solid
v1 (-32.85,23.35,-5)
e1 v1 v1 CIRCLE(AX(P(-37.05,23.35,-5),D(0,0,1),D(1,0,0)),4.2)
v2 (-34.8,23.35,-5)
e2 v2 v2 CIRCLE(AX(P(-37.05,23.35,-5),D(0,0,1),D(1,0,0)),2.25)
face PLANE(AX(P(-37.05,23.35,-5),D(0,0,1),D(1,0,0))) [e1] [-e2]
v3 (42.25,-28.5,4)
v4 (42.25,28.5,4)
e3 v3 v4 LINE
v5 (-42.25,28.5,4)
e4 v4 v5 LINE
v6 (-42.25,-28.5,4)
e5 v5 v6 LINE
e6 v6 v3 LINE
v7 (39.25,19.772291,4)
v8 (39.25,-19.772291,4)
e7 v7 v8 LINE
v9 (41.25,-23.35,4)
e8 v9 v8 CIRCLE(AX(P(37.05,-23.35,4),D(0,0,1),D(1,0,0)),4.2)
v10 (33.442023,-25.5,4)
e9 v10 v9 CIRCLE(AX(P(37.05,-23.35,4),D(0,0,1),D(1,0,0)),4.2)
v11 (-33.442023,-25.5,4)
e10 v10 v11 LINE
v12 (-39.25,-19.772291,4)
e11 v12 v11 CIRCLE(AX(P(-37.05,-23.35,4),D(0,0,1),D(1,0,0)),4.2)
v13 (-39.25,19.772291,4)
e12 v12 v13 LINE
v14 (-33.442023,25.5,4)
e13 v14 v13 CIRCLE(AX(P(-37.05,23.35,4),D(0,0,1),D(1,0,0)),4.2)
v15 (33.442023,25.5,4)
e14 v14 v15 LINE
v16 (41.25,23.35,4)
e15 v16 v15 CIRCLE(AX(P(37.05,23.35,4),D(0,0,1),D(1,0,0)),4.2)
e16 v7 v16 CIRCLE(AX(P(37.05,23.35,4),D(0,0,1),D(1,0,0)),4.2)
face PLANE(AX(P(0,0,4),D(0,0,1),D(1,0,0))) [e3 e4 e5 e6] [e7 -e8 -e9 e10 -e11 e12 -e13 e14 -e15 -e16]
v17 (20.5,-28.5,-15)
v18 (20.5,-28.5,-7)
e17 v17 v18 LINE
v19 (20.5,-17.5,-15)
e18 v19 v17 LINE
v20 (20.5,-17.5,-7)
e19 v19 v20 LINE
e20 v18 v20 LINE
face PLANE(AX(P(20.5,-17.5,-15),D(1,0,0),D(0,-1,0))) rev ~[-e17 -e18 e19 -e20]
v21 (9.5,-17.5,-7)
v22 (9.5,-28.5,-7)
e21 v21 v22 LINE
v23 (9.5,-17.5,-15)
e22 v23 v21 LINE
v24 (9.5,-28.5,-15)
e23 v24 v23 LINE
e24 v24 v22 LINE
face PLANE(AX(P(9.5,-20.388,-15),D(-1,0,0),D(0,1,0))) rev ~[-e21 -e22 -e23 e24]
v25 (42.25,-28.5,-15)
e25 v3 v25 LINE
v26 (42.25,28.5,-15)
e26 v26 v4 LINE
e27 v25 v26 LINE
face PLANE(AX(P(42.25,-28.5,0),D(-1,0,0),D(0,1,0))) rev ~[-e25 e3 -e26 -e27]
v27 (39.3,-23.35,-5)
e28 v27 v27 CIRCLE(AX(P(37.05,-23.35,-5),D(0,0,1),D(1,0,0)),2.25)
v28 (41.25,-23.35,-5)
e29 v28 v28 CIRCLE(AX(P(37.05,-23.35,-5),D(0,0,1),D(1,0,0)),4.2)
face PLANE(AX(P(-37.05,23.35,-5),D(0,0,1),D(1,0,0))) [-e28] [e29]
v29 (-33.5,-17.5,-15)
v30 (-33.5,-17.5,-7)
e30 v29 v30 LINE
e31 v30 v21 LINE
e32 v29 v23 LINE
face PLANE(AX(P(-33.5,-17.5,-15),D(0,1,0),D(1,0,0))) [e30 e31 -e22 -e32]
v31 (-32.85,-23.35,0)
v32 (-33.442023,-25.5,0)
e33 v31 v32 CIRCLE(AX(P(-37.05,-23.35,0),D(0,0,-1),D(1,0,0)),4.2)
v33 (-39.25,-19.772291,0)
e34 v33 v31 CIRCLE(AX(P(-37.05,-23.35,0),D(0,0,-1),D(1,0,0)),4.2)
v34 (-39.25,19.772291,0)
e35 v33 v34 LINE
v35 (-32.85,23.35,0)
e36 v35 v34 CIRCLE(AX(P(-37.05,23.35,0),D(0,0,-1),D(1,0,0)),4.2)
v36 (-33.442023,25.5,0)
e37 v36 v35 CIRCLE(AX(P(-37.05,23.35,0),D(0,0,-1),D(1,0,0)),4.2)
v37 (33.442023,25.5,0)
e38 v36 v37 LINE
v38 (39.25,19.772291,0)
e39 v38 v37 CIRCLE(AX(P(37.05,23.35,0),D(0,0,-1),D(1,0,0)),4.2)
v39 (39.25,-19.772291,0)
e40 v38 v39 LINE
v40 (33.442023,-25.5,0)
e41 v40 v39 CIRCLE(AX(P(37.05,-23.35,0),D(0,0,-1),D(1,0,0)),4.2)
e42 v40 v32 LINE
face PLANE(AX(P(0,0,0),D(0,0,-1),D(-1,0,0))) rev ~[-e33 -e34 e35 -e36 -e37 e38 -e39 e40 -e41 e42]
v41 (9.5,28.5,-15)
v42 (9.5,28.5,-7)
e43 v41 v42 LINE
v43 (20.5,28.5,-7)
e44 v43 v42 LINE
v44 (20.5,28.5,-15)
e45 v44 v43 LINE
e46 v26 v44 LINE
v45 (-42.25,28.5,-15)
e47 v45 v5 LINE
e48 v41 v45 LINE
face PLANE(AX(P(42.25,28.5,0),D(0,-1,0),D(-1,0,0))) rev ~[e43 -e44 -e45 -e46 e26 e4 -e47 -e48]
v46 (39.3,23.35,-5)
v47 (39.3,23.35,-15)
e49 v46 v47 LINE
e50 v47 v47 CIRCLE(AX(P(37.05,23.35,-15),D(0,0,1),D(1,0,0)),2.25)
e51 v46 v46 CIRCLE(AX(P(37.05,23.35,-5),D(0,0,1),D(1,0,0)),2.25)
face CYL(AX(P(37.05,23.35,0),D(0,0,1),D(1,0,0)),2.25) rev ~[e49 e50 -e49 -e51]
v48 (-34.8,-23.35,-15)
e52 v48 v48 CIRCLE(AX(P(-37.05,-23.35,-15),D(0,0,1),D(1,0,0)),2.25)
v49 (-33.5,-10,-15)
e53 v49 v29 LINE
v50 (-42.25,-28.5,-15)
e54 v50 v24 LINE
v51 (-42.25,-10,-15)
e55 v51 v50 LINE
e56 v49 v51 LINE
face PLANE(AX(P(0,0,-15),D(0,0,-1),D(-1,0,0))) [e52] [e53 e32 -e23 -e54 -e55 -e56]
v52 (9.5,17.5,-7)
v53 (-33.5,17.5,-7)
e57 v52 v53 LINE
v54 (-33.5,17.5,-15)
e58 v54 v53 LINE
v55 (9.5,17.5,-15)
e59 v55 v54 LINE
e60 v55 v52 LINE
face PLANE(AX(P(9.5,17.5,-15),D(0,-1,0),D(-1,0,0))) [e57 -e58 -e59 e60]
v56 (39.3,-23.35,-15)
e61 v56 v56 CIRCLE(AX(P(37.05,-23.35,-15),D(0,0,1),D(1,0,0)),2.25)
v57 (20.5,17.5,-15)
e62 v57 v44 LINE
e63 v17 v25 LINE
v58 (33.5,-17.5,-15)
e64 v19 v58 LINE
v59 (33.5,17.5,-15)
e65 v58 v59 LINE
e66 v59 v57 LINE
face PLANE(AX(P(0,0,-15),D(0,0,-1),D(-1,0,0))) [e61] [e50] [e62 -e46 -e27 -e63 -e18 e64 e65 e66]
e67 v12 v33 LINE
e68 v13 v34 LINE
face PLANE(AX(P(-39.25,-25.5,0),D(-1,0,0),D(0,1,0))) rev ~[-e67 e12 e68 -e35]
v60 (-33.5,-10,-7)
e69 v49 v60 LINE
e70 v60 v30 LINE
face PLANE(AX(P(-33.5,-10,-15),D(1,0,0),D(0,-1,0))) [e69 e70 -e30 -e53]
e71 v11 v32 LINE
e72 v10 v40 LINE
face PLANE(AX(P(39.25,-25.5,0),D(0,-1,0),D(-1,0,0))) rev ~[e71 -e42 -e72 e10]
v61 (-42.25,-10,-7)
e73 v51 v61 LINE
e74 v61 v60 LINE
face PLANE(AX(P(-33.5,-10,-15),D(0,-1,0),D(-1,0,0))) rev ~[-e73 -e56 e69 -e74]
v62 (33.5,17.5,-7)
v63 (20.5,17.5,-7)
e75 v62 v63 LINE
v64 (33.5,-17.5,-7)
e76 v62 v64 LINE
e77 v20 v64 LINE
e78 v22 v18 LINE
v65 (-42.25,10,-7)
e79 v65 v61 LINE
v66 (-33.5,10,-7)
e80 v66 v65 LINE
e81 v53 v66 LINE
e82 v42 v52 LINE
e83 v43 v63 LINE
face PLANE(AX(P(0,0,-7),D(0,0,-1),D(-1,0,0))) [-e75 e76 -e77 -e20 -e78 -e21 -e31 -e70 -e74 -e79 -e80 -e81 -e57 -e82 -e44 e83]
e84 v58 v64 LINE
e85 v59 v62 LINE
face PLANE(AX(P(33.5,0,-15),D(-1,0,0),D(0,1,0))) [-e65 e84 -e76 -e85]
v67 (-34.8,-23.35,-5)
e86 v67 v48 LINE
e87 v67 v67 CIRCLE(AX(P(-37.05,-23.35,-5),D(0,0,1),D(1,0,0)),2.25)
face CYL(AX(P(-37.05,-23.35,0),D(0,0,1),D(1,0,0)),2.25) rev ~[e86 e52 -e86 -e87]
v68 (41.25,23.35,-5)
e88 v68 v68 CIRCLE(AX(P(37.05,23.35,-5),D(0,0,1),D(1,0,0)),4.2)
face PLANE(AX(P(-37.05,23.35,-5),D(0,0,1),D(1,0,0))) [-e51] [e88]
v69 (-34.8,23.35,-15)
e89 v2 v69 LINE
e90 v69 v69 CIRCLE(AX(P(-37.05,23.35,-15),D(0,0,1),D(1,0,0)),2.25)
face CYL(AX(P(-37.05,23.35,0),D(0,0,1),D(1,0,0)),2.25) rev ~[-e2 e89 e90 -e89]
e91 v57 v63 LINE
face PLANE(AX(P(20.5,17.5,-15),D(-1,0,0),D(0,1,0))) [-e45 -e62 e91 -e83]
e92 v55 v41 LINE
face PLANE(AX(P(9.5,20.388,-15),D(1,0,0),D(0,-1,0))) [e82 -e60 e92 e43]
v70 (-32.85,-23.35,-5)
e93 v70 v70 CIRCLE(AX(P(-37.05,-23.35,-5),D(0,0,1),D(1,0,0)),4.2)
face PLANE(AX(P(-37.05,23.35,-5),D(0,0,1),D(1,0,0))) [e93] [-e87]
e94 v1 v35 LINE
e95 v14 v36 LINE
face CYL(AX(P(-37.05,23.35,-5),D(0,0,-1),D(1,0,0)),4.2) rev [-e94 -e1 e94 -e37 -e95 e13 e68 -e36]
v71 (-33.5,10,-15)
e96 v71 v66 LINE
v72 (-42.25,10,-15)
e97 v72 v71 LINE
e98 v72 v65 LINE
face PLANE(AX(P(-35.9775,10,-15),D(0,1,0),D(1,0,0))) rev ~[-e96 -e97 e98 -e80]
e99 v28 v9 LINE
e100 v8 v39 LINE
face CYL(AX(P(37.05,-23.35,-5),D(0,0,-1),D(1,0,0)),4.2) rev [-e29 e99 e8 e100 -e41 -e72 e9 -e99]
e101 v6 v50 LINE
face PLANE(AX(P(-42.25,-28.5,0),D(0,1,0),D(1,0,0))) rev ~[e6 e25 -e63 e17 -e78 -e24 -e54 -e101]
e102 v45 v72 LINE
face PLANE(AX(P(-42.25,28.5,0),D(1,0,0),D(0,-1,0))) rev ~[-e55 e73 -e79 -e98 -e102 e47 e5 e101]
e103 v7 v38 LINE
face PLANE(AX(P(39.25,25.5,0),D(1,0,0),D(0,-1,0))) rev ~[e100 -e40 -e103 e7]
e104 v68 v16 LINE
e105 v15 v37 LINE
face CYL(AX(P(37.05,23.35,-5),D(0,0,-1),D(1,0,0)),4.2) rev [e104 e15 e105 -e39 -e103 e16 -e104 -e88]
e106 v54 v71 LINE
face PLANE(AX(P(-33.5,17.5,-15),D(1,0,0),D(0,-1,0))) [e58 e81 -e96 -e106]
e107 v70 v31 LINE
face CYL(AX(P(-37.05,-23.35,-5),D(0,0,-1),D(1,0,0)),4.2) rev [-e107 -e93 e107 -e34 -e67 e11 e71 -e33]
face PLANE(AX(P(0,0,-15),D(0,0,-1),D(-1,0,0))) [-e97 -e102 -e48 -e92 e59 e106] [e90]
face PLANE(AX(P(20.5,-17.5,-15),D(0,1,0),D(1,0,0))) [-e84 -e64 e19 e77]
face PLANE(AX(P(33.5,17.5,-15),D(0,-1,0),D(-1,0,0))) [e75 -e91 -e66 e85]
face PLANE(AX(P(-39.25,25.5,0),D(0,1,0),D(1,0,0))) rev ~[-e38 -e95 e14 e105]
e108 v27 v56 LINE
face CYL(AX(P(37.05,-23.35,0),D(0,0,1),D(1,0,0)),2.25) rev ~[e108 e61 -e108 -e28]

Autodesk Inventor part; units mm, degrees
ref_plane "YZ Plane" through (0, 0, 0) normal (1, 0, 0) x (0, 1, 0)
ref_plane "XZ Plane" through (0, 0, 0) normal (0, 1, 0) x (-1, 0, 0)
ref_plane "XY Plane" through (0, 0, 0) normal (0, 0, 1) x (1, 0, 0)
sketch "Boceto1" plane through (0, 0, 0) normal (0, 0, 1) x (1, 0, 0)
  line L0 (-39.25, 25.5) -> (39.25, 25.5)
  line L1 (39.25, 25.5) -> (39.25, -25.5)
  line L2 (39.25, -25.5) -> (-39.25, -25.5)
  line L3 (-39.25, -25.5) -> (-39.25, 25.5)
  line L4 (-39.25, 25.5) -> (39.25, -25.5) construction
  line L5 (39.25, 25.5) -> (-39.25, -25.5) construction
  line L6 (42.25, 28.5) -> (-42.25, 28.5)
  line L7 (-42.25, 28.5) -> (-42.25, -28.5)
  line L8 (-42.25, -28.5) -> (42.25, -28.5)
  line L9 (42.25, -28.5) -> (42.25, 28.5)
  point P0 (0, 0)
  dimension "d0" = 51
  dimension "d1" = 78.5
  dimension "d2" = 3
extrude "Extrusión1" add sketch "Boceto1" along normal blind 4
sketch "Boceto2" plane through (0, 0, 0) normal (0, 0, -1) x (-1, 0, 0)
  line L0 (-42.25, 28.5) -> (42.25, 28.5) projected
  line L1 (42.25, -28.5) -> (-42.25, -28.5) projected
  line L2 (-42.25, 28.5) -> (42.25, 28.5)
  line L3 (42.25, 28.5) -> (42.25, -28.5)
  line L4 (42.25, -28.5) -> (-42.25, -28.5)
  line L5 (-42.25, -28.5) -> (-42.25, 28.5)
  point P0 (0, 0)
  point P1 (-42.25, -28.5)
extrude "Extrusión2" add sketch "Boceto2" along normal blind 15
sketch "Boceto3" plane through (0, 0, -15) normal (0, 0, -1) x (-1, 0, 0)
  line L0 (-33.5, 17.5) -> (33.5, 17.5)
  line L1 (33.5, 17.5) -> (33.5, -17.5)
  line L2 (33.5, -17.5) -> (-33.5, -17.5)
  line L3 (-33.5, -17.5) -> (-33.5, 17.5)
  line L4 (-33.5, 17.5) -> (33.5, -17.5) construction
  line L5 (33.5, 17.5) -> (-33.5, -17.5) construction
  line L6 (31.0225, -10) -> (35.9775, -10)
  line L7 (35.9775, -10) -> (35.9775, 10)
  line L8 (35.9775, 10) -> (31.0225, 10)
  line L9 (31.0225, 10) -> (31.0225, -10)
  line L10 (31.0225, -10) -> (35.9775, 10) construction
  line L11 (35.9775, -10) -> (31.0225, 10) construction
  line L12 (33.5, 10) -> (42.25, 10)
  line L13 (42.25, 28.5) -> (42.25, -28.5) projected
  line L14 (33.5, -10) -> (42.25, -10)
  line L15 (42.25, -10) -> (42.25, 10)
  line L16 (-20.5, 20.388) -> (-9.5, 20.388)
  line L17 (-9.5, 20.388) -> (-9.5, 14.612)
  line L18 (-9.5, 14.612) -> (-20.5, 14.612)
  line L19 (-20.5, 14.612) -> (-20.5, 20.388)
  line L20 (-20.5, 20.388) -> (-9.5, 14.612) construction
  line L21 (-9.5, 20.388) -> (-20.5, 14.612) construction
  line L22 (-42.25, 28.5) -> (42.25, 28.5) projected
  line L23 (-20.5, 17.5) -> (-9.5, 17.5)
  line L24 (-9.5, 17.5) -> (-9.5, 28.5)
  line L25 (-9.5, 28.5) -> (-20.5, 28.5)
  line L26 (-20.5, 28.5) -> (-20.5, 17.5)
  line L27 (-33.5, 0) -> (-37.4386, 0)
  line L28 (-20.5, -20.388) -> (-9.5, -20.388)
  line L29 (-9.5, -20.388) -> (-9.5, -14.612)
  line L30 (-9.5, -14.612) -> (-20.5, -14.612)
  line L31 (-20.5, -14.612) -> (-20.5, -20.388)
  line L32 (-20.5, -20.388) -> (-9.5, -14.612) construction
  line L33 (-9.5, -20.388) -> (-20.5, -14.612) construction
  line L34 (-20.5, -17.5) -> (-9.5, -17.5)
  line L35 (-9.5, -17.5) -> (-9.5, -28.5)
  line L36 (-9.5, -28.5) -> (-20.5, -28.5)
  line L37 (-20.5, -28.5) -> (-20.5, -17.5)
  point P0 (0, 0)
  point P1 (33.5, 0)
  point P2 (33.5, 10)
  point P3 (-15, 17.5)
  point P4 (-15, -17.5)
  point P5 (-20.5, -17.5)
  point P6 (-9.5, -17.5)
  point P7 (-20.5, 28.5)
  point P8 (-20.5, 17.5)
  point P9 (-9.5, 17.5)
  dimension "d7" = 67
  dimension "d8" = 35
  dimension "d9" = 20
  dimension "d33" = 11
  dimension "d34" = 13
  dimension "d38" = 0
extrude "Extrusión3" cut sketch "Boceto3" against normal blind 8 contours L0 L19 L18 L17 L1 L8 L9 L6 L2 L29 L30 L31 L3 | L19 L16 L17 L0 | L0 L17 L18 L19 | L26 L22 L24 L16 | L31 L30 L29 L2 | L2 L29 L28 L31 | L8 L7 L6 L1 | L1 L6 L9 L8 | L28 L35 L36 L37 | L12 L13 L14 L7
sketch "Boceto4" plane through (0, 0, 0) normal (0, 0, 1) x (1, 0, 0)
  line L0 (-42.05, -28.35) -> (-42.05, 28.35)
  line L1 (-42.05, 28.35) -> (42.05, 28.35)
  line L2 (42.05, 28.35) -> (42.05, -28.35)
  line L3 (42.05, -28.35) -> (-42.05, -28.35)
  line L4 (-42.05, -28.35) -> (42.05, 28.35) construction
  line L5 (-42.05, 28.35) -> (42.05, -28.35) construction
  line L6 (10.704, 28.35) -> (-32.296, 28.35)
  line L7 (42.05, 8.05) -> (42.05, 12.05)
  circle A0 centre (-37.05, -23.35) radius 2.25
  line L8 (-42.05, 12.05) -> (-42.05, -12.05)
  line L9 (-42.05, 0) -> (-48.6371, 0)
  line L10 (0, -28.35) -> (0, -35.954)
  circle A1 centre (-37.05, 23.35) radius 2.25
  circle A2 centre (37.05, -23.35) radius 2.25
  circle A3 centre (37.05, 23.35) radius 2.25
  point P0 (0, 0)
  point P1 (0, 0)
  dimension "d12" = 0
  dimension "d13" = 0
  dimension "d14" = 4.5
  dimension "d15" = 5
  dimension "d16" = 5
  dimension "d24" = 4.5
  dimension "d25" = 4.5
  dimension "d26" = 4.5
extrude "Extrusión4" cut sketch "Boceto4" against normal blind 15 contours A0 | A1 | A2 | A3
sketch "Boceto5" plane through (0, 0, 0) normal (0, 0, 1) x (1, 0, 0)
  circle A0 centre (-37.05, 23.35) radius 2.25 projected
  line L0 (-39.25, 25.5) -> (39.25, 25.5) projected
  arc A1 (39.25, 23.8217) -> (37.7133, 25.5) centre (37.05, 23.35) ccw projected
  circle A2 centre (37.05, 23.35) radius 2.5
  circle A3 centre (37.05, -23.35) radius 2.25 projected
  circle A4 centre (37.05, -23.35) radius 2.15
  line L1 (39.25, -25.5) -> (-39.25, -25.5) projected
  arc A5 (-36.3867, -25.5) -> (-39.25, -22.8783) centre (-37.05, -23.35) ccw projected
  circle A6 centre (-37.05, -23.35) radius 2.5
  circle A7 centre (-37.05, 23.35) radius 2.5
  circle A8 centre (37.05, -23.35) radius 2.5
  point P0 (0, 0)
  dimension "d28" = 5
  dimension "d29" = 4.5
  dimension "d30" = 5
  dimension "d31" = 5
  dimension "d32" = 5
extrude "Extrusión5" cut sketch "Boceto5" against normal blind 5 contours A2 L0 | L0 A2 | A4 | A6 L1 | L1 A6
sketch "Boceto6" plane through (-37.05, 23.35, -5) normal (0, 0, 1) x (1, 0, 0)
  circle A0 centre (0, 0) radius 4.2
  line L0 (37.05, 4.6715) -> (37.05, 10.9086)
  line L1 (-5.2, -13.35) -> (-5.2, -33.35) projected
  line L2 (-5.2, -23.35) -> (-13.3544, -23.35)
  circle A1 centre (74.1, 0) radius 4.2
  circle A2 centre (0, -46.7) radius 4.2
  circle A3 centre (74.1, -46.7) radius 4.2
  point P0 (37.05, -23.35)
  dimension "d21" = 8.4
extrude "Extrusión6" cut sketch "Boceto6" along normal blind 9
properties part number "bms_case"
